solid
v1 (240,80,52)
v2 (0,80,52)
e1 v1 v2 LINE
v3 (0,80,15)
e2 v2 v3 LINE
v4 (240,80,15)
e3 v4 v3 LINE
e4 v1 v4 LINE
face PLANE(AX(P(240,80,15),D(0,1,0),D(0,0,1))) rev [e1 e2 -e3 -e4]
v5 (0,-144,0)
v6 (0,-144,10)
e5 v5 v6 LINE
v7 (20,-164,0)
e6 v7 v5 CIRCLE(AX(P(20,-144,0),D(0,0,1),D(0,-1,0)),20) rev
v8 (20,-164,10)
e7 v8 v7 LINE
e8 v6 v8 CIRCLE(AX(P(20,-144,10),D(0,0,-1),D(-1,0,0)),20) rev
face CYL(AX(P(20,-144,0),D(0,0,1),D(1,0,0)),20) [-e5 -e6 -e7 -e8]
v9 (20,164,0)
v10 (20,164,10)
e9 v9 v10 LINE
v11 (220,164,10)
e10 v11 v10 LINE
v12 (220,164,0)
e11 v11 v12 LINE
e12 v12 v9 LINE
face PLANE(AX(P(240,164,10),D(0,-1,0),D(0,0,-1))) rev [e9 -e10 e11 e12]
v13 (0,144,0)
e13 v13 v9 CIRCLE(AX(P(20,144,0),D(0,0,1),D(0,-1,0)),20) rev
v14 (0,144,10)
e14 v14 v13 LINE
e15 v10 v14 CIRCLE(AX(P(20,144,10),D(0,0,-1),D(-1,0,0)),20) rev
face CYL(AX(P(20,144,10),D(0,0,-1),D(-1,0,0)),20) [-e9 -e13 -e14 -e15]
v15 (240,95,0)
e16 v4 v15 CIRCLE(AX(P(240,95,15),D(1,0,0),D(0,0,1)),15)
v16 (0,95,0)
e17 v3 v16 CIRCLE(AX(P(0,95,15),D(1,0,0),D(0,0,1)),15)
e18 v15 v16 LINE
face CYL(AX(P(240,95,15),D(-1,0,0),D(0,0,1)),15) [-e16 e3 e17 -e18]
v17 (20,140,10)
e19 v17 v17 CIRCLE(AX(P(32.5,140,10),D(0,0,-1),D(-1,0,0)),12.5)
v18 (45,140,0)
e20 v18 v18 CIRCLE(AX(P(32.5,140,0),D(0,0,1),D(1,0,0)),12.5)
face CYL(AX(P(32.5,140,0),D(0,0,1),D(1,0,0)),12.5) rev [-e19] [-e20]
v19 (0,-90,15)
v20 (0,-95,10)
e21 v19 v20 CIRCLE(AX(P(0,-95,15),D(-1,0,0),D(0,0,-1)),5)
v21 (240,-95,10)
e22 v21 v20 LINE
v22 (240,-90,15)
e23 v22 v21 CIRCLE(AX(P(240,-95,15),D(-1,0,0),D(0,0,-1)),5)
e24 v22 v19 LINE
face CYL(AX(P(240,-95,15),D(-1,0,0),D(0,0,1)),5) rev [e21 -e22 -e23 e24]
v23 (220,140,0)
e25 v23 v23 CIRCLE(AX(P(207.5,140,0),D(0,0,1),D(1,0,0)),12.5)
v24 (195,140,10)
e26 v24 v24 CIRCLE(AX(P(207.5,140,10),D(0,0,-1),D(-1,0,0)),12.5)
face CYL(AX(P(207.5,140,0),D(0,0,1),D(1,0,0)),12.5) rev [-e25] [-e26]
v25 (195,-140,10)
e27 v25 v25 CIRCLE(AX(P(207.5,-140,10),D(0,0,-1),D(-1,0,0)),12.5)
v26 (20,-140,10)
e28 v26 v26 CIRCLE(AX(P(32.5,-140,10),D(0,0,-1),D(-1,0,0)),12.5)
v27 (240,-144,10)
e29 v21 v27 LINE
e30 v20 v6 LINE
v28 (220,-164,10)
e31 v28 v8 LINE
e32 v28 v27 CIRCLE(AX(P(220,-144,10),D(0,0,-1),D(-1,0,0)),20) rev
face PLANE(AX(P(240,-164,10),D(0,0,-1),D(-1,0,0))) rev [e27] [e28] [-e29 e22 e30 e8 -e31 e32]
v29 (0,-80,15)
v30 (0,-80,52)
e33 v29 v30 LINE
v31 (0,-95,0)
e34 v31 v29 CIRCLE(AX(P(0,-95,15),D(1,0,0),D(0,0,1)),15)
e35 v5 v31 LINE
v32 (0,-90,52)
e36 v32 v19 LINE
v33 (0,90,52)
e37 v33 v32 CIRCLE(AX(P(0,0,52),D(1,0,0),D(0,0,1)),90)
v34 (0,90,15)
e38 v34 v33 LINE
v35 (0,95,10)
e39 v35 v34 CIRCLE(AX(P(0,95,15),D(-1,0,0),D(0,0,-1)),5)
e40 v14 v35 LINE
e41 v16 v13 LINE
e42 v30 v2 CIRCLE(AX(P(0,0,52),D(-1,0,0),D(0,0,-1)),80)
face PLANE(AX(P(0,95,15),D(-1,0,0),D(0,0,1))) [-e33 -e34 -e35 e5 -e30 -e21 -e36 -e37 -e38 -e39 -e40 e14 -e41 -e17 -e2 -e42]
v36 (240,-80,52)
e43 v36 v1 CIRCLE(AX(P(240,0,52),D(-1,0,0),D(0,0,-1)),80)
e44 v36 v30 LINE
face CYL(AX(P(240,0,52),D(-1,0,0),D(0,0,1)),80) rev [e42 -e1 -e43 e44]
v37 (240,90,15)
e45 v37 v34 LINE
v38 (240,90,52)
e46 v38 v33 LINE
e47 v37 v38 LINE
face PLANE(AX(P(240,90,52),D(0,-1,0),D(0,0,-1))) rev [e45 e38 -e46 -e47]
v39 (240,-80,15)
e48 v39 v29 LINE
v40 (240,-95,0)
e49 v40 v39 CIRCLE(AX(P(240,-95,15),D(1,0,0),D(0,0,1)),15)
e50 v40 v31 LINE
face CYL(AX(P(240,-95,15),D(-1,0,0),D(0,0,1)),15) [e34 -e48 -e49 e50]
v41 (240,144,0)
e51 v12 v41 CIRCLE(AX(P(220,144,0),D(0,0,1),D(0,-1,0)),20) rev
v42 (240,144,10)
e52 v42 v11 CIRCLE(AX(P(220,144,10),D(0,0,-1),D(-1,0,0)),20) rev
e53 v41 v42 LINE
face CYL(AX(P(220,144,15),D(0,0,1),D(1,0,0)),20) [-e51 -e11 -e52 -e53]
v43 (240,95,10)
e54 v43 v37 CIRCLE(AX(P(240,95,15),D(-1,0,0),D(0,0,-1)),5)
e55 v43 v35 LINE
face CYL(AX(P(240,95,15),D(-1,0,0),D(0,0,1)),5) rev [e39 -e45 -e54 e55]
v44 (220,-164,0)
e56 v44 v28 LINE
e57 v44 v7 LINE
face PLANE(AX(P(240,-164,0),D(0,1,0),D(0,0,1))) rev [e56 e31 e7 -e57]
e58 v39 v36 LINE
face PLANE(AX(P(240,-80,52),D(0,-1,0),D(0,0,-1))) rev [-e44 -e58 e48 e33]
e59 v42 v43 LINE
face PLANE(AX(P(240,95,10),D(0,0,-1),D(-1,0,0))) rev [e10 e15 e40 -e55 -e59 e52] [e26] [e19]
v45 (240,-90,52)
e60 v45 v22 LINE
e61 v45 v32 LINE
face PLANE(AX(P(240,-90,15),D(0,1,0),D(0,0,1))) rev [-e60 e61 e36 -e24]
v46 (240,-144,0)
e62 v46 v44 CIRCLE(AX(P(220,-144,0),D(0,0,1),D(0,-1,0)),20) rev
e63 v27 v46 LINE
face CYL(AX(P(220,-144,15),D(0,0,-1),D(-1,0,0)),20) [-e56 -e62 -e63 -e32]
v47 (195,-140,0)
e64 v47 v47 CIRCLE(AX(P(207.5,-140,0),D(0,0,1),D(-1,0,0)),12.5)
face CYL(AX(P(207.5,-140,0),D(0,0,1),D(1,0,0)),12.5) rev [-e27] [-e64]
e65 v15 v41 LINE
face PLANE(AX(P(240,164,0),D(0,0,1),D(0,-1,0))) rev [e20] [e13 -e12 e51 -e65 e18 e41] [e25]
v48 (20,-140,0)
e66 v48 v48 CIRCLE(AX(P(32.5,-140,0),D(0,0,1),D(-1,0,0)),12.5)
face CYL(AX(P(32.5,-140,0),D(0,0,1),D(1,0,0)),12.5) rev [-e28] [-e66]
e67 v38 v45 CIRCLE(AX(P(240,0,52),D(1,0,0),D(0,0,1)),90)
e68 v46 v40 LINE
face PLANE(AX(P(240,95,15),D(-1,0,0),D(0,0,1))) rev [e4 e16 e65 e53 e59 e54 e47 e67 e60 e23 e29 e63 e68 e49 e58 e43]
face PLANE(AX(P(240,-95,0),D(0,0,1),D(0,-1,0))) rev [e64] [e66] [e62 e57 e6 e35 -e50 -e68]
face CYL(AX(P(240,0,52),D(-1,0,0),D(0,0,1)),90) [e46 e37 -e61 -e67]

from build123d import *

# Parameters (mm, degrees)
BOSS_EXTRUDE1_DEPTH     = 240
SKETCH2_R               = 12.5
CUT_EXTRUDE1_DEPTH      = 133
CUT_EXTRUDE1_DEPTH_BACK = 11
FILLET1_R               = 20


with BuildPart() as part:
    # Sketch1 → Boss-Extrude1 (new body)
    with BuildSketch(Plane.YZ):
        with BuildLine():
            Line((164, 0), (95, 0))
            ThreePointArc((95, 0), (84.393398282, 4.393398282), (80, 15))
            Line((80, 15), (80, 52))
            ThreePointArc((80, 52), (0, 132), (-80, 52))
            Line((-80, 52), (-80, 15))
            ThreePointArc((-80, 15), (-84.393398282, 4.393398282), (-95, 0))
            Line((-95, 0), (-164, 0))
            Line((-164, 0), (-164, 10))
            Line((-164, 10), (-95, 10))
            ThreePointArc((-95, 10), (-91.464466094, 11.464466094), (-90, 15))
            Line((-90, 15), (-90, 52))
            ThreePointArc((-90, 52), (0, 142), (90, 52))
            Line((90, 52), (90, 15))
            ThreePointArc((90, 15), (91.464466094, 11.464466094), (95, 10))
            Line((95, 10), (164, 10))
            Line((164, 10), (164, 0))
        make_face()
    extrude(amount=BOSS_EXTRUDE1_DEPTH)

    # Sketch2 → Cut-Extrude1 (cut, two sides)
    with BuildSketch(Plane.XY.offset(10)) as cut_extrude1_sk:
        with Locations((32.5, 140)):
            Circle(SKETCH2_R)
        with Locations((207.5, 140)):
            Circle(SKETCH2_R)
        with Locations((207.5, -140)):
            Circle(SKETCH2_R)
        with Locations((32.5, -140)):
            Circle(SKETCH2_R)
    extrude(amount=CUT_EXTRUDE1_DEPTH, mode=Mode.SUBTRACT)
    extrude(cut_extrude1_sk.sketch, amount=-CUT_EXTRUDE1_DEPTH_BACK, mode=Mode.SUBTRACT)

    # Fillet1
    fillet1_edges = [part.edges().sort_by_distance(p)[0] for p in [
        (0, -164, 5),
        (0, 164, 5),
        (240, -164, 5),
        (240, 164, 5),
    ]]
    fillet(fillet1_edges, radius=FILLET1_R)


solid = part.part
